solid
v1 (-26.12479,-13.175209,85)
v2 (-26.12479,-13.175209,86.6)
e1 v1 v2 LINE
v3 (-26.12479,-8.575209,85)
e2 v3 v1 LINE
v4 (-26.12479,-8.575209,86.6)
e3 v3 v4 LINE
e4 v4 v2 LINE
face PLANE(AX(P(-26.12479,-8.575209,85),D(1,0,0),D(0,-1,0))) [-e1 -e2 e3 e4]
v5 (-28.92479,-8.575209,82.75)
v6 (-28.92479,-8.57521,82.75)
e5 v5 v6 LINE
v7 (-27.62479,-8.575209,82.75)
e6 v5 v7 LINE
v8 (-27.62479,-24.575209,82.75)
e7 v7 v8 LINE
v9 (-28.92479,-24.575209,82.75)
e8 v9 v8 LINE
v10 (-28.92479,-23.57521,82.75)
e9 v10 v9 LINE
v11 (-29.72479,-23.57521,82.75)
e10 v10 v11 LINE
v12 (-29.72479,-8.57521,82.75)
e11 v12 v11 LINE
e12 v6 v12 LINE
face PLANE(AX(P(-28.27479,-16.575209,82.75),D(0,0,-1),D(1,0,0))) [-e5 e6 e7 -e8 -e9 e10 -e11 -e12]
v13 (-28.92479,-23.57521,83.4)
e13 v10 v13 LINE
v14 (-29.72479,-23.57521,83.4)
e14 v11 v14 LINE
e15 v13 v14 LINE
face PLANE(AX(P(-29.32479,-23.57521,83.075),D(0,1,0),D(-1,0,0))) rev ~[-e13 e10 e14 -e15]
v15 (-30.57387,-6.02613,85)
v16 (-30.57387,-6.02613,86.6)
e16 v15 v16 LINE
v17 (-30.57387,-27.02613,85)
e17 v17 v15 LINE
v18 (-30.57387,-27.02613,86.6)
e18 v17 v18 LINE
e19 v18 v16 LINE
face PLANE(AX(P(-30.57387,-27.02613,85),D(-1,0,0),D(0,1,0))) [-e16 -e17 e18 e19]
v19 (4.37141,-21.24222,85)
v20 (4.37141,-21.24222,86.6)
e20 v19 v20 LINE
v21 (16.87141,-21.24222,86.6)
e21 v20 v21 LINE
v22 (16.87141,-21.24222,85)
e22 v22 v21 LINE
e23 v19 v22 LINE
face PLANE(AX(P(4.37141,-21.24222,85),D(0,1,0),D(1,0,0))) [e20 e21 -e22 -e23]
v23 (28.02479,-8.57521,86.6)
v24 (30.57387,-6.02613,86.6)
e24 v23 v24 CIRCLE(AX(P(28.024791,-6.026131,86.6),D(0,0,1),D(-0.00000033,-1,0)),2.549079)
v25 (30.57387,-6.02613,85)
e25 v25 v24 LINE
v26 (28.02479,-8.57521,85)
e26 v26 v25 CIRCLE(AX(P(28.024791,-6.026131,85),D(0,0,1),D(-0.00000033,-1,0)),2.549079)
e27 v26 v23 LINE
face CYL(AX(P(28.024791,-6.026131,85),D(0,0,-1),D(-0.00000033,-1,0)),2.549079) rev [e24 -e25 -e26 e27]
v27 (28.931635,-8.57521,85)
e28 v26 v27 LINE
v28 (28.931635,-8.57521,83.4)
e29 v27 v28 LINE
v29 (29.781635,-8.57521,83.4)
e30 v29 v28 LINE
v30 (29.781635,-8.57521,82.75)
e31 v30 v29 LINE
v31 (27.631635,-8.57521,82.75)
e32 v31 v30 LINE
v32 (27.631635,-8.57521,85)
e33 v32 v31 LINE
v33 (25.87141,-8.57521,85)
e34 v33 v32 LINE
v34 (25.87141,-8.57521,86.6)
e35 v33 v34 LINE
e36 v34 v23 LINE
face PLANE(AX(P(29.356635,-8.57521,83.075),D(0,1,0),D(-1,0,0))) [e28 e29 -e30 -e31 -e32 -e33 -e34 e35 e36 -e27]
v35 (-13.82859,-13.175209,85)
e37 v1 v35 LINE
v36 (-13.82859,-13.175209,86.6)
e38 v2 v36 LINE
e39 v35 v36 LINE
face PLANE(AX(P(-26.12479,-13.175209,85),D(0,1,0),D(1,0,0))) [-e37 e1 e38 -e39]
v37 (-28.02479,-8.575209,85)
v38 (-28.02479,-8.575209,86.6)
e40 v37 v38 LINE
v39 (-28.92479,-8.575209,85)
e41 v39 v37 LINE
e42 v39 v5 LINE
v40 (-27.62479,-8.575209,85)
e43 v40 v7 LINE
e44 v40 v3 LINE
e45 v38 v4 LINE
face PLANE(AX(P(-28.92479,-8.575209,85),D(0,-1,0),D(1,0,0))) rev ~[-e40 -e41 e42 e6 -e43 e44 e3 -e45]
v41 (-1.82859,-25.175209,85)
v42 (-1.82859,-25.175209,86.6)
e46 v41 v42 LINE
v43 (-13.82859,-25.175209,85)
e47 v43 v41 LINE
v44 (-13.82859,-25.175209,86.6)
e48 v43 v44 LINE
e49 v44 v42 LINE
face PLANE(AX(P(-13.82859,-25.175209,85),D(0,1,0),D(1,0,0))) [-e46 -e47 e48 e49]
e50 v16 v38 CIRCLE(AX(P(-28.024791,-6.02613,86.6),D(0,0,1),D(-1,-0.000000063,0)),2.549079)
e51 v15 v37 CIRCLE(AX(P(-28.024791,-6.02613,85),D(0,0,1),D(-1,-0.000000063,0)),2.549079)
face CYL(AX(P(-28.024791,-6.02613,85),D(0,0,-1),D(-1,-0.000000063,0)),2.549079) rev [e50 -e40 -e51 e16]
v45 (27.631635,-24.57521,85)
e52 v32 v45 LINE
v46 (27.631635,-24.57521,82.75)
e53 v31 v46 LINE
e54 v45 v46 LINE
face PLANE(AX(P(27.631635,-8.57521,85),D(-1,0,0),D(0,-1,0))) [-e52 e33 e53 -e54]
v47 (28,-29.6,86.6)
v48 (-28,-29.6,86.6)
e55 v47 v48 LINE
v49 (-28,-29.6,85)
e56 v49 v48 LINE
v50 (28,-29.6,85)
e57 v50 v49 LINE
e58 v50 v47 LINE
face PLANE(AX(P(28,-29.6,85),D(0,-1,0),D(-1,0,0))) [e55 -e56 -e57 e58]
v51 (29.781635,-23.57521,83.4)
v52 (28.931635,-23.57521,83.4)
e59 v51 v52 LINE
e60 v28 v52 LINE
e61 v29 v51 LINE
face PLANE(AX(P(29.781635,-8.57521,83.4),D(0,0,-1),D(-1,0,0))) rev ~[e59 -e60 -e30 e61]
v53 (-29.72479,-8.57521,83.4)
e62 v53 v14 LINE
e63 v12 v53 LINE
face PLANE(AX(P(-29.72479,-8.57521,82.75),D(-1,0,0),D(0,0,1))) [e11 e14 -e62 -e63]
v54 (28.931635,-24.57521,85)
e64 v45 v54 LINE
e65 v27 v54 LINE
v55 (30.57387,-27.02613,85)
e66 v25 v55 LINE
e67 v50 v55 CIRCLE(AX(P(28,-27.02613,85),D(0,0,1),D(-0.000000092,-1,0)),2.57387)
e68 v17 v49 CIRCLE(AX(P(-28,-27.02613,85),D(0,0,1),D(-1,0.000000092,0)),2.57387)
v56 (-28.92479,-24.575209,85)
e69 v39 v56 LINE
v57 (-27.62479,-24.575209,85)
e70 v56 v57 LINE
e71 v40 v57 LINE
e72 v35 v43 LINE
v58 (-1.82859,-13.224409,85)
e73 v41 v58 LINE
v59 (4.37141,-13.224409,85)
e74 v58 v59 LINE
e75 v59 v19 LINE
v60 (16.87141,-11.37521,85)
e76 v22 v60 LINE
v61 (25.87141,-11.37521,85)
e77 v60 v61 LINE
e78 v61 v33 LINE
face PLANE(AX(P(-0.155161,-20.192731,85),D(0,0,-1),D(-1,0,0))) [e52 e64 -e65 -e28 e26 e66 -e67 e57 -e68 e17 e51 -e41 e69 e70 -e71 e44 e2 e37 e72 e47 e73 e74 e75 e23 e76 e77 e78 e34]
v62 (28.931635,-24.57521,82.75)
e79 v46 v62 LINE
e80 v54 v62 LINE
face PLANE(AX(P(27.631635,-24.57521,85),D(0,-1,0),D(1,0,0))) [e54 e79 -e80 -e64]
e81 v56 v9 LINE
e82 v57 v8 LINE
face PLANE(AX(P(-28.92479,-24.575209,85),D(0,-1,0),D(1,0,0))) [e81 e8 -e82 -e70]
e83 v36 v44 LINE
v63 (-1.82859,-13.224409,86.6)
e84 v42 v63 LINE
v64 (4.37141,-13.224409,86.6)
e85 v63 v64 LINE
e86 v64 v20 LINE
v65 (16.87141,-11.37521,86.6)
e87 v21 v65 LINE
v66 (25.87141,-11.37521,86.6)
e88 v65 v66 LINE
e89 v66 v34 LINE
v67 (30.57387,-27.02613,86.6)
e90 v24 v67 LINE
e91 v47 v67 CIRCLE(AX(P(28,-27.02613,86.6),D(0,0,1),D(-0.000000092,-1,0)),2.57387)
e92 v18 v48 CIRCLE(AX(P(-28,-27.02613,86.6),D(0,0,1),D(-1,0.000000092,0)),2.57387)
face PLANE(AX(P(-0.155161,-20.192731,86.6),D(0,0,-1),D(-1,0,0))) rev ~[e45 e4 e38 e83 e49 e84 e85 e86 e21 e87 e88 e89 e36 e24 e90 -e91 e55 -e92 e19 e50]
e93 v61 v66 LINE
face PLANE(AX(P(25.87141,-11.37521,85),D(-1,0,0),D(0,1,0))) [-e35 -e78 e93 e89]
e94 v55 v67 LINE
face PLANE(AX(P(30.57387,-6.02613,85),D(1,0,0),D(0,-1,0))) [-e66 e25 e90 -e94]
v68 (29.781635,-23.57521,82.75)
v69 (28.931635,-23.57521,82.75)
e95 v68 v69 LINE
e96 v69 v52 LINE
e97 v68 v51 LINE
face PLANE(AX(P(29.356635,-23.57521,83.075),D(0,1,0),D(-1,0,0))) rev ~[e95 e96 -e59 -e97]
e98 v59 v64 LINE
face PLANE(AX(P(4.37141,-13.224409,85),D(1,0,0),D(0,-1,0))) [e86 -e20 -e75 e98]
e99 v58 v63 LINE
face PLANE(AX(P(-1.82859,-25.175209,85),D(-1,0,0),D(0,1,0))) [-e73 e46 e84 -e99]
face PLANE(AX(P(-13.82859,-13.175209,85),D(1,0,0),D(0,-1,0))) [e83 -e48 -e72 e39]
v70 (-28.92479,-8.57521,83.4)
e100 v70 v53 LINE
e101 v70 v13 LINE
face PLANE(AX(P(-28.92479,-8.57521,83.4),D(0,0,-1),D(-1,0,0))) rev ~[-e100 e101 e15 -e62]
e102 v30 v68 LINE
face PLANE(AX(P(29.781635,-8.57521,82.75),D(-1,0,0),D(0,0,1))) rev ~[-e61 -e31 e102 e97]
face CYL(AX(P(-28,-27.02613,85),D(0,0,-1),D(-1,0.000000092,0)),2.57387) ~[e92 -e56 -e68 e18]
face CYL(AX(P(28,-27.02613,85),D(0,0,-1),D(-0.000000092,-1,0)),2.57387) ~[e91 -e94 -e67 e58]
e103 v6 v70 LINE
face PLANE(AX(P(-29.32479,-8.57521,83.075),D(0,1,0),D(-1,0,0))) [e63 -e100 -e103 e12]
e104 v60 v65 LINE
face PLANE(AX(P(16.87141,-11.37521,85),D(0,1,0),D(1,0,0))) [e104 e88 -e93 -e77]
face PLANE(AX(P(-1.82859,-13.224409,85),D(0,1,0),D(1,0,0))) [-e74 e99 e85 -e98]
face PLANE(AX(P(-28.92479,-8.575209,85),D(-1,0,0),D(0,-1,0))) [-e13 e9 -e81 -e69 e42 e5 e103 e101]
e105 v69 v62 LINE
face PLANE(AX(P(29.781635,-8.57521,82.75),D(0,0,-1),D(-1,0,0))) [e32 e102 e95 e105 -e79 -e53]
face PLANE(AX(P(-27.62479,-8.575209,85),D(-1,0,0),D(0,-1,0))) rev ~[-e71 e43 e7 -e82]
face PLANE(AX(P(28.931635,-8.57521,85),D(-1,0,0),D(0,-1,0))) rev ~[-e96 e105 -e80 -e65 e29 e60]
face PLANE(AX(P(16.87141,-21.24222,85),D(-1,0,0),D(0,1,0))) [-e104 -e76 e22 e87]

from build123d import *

# Parameters (mm, degrees)
PAD003_DEPTH  = 1.6
SKETCH011_W   = 1.3
SKETCH011_H   = 16
PAD004_DEPTH  = 2.25
SKETCH012_W   = 0.8
SKETCH012_H   = 0.65
SKETCH012_W_2 = 0.85
PAD005_DEPTH  = 15


with BuildPart() as part:
    # Sketch008 → Pad003 (new body)
    with BuildSketch(Plane.XY.offset(85)):
        with BuildLine():
            Line((30.57387, -6.02613), (30.57387, -27.02613))
            ThreePointArc((28, -29.6), (29.820001, -28.846131), (30.57387, -27.02613))
            Line((28, -29.6), (-28, -29.6))
            ThreePointArc((-30.57387, -27.02613), (-29.820001, -28.846131), (-28, -29.6))
            Line((-30.57387, -27.02613), (-30.57387, -6.02613))
            ThreePointArc((-30.57387, -6.02613), (-29.827262, -7.828601), (-28.02479, -8.575209))
            Line((-28.02479, -8.575209), (-26.12479, -8.575209))
            Line((-26.12479, -8.575209), (-26.12479, -13.175209))
            Line((-26.12479, -13.175209), (-13.82859, -13.175209))
            Line((-13.82859, -13.175209), (-13.82859, -25.175209))
            Line((-13.82859, -25.175209), (-1.82859, -25.175209))
            Line((-1.82859, -25.175209), (-1.82859, -13.224409))
            Line((-1.82859, -13.224409), (4.37141, -13.224409))
            Line((4.37141, -13.224409), (4.37141, -21.24222))
            Line((4.37141, -21.24222), (16.87141, -21.24222))
            Line((16.87141, -21.24222), (16.87141, -11.37521))
            Line((16.87141, -11.37521), (25.87141, -11.37521))
            Line((25.87141, -11.37521), (25.87141, -8.57521))
            Line((25.87141, -8.57521), (28.02479, -8.57521))
            ThreePointArc((28.02479, -8.57521), (29.827262, -7.828602), (30.57387, -6.02613))
        make_face()
    extrude(amount=PAD003_DEPTH)

    # Sketch011 → Pad004 (new body)
    with BuildSketch(Plane(origin=(0, 0, 85), x_dir=(1, 0, 0), z_dir=(0, 0, -1))):
        with Locations((-28.27479, 16.575209)):
            Rectangle(SKETCH011_W, SKETCH011_H)
        with Locations((28.281635, 16.57521)):
            Rectangle(SKETCH011_W, SKETCH011_H)
    extrude(amount=PAD004_DEPTH)

    # Sketch012 → Pad005 (new body)
    with BuildSketch(Plane(origin=(0, -8.57521, 85), x_dir=(-1, 0, 0), z_dir=(0, 1, 0))):
        with Locations((29.32479, -1.925)):
            Rectangle(SKETCH012_W, SKETCH012_H)
        with Locations((-29.356635, -1.925)):
            Rectangle(SKETCH012_W_2, SKETCH012_H)
    extrude(amount=-PAD005_DEPTH)


solid = part.part
